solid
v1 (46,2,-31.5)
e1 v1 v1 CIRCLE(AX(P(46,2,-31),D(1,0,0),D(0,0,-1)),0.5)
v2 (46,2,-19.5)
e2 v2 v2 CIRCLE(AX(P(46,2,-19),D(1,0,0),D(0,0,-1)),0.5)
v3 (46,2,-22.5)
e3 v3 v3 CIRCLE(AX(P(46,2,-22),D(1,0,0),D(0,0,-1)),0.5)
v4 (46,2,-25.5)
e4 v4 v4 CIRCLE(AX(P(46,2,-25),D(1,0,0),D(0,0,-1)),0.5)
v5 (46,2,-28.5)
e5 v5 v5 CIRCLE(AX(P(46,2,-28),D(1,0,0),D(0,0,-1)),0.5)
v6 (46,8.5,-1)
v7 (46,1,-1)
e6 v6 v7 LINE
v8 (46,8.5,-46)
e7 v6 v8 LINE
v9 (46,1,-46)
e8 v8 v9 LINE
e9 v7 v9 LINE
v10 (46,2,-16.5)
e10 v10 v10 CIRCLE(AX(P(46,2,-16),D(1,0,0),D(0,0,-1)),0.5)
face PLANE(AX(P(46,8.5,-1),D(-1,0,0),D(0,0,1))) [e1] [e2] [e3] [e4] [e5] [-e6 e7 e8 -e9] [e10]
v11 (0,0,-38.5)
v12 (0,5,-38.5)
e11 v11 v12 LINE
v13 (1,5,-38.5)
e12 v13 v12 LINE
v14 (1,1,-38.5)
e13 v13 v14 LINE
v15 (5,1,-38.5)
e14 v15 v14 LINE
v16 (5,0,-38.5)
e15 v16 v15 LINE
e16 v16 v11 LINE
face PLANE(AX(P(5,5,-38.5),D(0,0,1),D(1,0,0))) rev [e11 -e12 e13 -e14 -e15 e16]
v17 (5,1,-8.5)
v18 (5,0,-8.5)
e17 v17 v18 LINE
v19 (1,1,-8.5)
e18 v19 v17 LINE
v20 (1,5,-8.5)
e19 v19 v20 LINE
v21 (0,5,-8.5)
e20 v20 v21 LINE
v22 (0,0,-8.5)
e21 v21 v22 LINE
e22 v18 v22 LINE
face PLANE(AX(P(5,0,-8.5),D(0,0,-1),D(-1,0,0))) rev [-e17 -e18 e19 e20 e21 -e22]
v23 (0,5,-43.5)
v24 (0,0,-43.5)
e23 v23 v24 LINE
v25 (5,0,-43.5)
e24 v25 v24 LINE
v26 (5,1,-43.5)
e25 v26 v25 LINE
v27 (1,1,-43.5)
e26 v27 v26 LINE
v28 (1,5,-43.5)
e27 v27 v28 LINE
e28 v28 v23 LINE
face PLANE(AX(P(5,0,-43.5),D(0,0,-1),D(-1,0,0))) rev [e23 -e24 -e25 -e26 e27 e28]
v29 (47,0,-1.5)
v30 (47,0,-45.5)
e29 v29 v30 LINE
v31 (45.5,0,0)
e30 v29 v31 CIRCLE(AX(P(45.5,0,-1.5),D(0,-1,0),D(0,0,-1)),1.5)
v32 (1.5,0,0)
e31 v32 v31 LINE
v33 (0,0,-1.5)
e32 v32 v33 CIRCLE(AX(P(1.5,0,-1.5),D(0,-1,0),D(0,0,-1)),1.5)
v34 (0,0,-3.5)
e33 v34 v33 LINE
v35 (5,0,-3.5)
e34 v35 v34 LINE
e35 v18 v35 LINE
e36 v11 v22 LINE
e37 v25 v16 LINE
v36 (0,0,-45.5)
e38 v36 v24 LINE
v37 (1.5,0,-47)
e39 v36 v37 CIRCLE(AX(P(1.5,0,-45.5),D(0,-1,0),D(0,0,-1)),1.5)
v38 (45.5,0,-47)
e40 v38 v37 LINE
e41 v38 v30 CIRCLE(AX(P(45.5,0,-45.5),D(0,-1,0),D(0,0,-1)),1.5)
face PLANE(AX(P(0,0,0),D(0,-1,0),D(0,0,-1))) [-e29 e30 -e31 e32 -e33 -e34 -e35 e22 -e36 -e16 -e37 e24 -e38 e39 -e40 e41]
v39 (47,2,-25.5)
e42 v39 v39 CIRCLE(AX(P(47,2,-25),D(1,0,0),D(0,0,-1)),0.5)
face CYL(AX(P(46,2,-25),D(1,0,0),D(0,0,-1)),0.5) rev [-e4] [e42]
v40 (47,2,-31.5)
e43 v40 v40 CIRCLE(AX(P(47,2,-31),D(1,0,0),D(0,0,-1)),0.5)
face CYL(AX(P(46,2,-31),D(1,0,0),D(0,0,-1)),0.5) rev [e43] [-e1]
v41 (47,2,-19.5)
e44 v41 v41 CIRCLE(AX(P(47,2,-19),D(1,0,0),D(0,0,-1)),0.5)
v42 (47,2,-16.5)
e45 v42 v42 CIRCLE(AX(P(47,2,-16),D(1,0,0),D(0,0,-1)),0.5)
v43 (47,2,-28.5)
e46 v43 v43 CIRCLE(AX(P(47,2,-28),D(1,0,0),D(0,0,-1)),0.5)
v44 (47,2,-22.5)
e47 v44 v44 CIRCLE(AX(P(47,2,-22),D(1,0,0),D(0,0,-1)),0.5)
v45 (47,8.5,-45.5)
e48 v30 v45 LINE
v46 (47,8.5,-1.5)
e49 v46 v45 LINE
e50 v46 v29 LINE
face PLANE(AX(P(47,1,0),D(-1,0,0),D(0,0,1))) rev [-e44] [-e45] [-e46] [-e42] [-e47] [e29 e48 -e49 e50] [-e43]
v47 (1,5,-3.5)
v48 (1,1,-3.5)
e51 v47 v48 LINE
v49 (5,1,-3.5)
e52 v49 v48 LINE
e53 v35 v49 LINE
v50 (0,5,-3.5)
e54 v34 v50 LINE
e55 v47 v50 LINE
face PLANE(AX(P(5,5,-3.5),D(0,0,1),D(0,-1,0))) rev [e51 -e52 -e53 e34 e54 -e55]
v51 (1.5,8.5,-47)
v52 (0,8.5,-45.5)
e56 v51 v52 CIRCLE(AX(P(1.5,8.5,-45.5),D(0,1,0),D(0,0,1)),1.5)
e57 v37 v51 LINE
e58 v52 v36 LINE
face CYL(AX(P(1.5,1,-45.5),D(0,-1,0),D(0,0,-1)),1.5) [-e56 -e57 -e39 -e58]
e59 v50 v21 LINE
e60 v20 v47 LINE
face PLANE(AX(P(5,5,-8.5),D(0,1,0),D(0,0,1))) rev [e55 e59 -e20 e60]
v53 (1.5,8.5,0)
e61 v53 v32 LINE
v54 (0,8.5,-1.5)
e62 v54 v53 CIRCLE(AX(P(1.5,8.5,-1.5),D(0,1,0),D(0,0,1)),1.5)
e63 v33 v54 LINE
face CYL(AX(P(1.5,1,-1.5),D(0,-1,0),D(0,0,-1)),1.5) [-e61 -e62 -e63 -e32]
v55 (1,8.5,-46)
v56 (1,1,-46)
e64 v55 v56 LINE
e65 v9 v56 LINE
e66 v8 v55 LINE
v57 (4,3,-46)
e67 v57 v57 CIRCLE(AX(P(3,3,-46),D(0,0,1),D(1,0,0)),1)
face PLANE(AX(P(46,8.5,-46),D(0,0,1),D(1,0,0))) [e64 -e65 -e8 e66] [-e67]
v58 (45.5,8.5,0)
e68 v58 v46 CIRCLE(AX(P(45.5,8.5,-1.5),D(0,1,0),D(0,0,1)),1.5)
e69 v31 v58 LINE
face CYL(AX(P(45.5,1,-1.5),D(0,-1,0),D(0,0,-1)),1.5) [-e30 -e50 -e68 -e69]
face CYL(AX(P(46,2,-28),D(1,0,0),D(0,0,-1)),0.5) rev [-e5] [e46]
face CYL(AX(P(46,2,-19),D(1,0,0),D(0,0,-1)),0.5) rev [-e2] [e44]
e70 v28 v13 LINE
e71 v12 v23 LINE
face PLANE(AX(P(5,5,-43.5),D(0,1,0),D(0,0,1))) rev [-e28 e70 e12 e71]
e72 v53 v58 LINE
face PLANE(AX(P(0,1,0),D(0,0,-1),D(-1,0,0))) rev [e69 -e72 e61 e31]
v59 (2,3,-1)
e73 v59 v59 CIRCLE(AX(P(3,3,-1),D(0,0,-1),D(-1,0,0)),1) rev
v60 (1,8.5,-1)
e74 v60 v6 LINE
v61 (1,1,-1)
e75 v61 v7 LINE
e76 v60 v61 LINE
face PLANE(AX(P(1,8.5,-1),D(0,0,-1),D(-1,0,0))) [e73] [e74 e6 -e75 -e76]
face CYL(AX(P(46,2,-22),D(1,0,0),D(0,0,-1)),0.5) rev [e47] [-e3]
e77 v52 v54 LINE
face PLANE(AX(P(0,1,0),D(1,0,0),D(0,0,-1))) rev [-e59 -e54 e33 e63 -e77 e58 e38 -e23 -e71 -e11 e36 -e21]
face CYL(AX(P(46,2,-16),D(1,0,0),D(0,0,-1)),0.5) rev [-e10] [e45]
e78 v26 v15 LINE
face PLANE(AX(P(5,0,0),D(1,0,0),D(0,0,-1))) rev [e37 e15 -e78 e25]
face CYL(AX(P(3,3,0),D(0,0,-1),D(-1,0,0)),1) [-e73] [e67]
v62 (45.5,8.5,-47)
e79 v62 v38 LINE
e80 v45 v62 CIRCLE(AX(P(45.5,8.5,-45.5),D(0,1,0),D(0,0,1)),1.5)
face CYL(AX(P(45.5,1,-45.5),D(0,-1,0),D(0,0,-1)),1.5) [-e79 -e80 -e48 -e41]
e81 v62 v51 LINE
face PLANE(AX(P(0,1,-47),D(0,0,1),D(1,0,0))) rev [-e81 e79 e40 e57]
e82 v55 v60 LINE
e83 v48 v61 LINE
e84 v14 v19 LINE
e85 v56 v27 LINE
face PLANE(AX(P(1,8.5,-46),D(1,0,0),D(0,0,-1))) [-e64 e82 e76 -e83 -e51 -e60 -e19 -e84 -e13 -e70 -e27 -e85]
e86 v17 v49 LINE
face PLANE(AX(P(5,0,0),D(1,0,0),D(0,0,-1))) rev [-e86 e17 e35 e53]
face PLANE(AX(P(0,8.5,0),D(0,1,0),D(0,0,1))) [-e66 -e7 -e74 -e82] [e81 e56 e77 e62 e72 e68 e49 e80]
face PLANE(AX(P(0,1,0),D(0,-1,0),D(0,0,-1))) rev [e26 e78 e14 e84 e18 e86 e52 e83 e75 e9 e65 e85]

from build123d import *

# Parameters (mm, degrees)
SKETCH1_W           = 47
SKETCH1_H           = 47
BOSS_EXTRUDE1_DEPTH = 1
SKETCH2_W           = 47
SKETCH2_H           = 47
SKETCH2_W_2         = 45
SKETCH2_H_2         = 45
BOSS_EXTRUDE2_DEPTH = 7.5
SKETCH4_R           = 0.5
CUT_EXTRUDE3_DEPTH  = 1
LPATTERN1_COUNT     = 6
LPATTERN1_PITCH     = 3
FILLET1_R           = 1.5
SKETCH8_W           = 5
SKETCH8_H           = 5
CUT_EXTRUDE4_DEPTH  = 5
BOSS_EXTRUDE3_REACH = 68.312
SKETCH9_R           = 1


with BuildPart() as part:
    # Sketch1 → Boss-Extrude1 (new body)
    with BuildSketch(Plane(origin=(0, 0, 0), x_dir=(1, 0, 0), z_dir=(0, 1, 0))):
        with Locations((23.5, 23.5)):
            Rectangle(SKETCH1_W, SKETCH1_H)
    extrude(amount=BOSS_EXTRUDE1_DEPTH)

    # Sketch2 → Boss-Extrude2 (add)
    with BuildSketch(Plane(origin=(0, 1, 0), x_dir=(1, 0, 0), z_dir=(0, 1, 0))):
        with Locations((23.5, 23.5)):
            Rectangle(SKETCH2_W, SKETCH2_H)
        with Locations((23.5, 23.5)):
            Rectangle(SKETCH2_W_2, SKETCH2_H_2, mode=Mode.SUBTRACT)
    extrude(amount=BOSS_EXTRUDE2_DEPTH)

    # Sketch4 → Cut-Extrude3 (cut)
    with BuildSketch(Plane(origin=(47, 0, 0), x_dir=(0, 0, -1), z_dir=(1, 0, 0))):
        with Locations((16, 2)):
            Circle(SKETCH4_R)
    cut_extrude3 = extrude(amount=-CUT_EXTRUDE3_DEPTH, mode=Mode.SUBTRACT)

    # LPattern1: Cut-Extrude3 ×6
    with Locations(*[(0, 0, -i * LPATTERN1_PITCH) for i in range(1, LPATTERN1_COUNT)]):
        add(cut_extrude3, mode=Mode.SUBTRACT)

    # Fillet1
    fillet1_edges = [part.edges().sort_by_distance(p)[0] for p in [
        (0, 4.25, -47),
        (47, 4.25, -47),
        (47, 4.25, 0),
        (0, 4.25, 0),
    ]]
    fillet(fillet1_edges, radius=FILLET1_R)

    # Sketch8 → Cut-Extrude4 (cut)
    with BuildSketch(Plane.ZY):
        with Locations((-41, 2.5)):
            Rectangle(SKETCH8_W, SKETCH8_H)
        with Locations((-6, 2.5)):
            Rectangle(SKETCH8_W, SKETCH8_H)
    extrude(amount=-CUT_EXTRUDE4_DEPTH, mode=Mode.SUBTRACT)

    # Sketch9 → Boss-Extrude3 (add, up to next)
    with BuildSketch(Plane.XY.offset(-46), mode=Mode.PRIVATE) as boss_extrude3_sk1:
        with Locations(Location((3, 3, 0), (0, 0, 180))):
            Circle(SKETCH9_R)
    boss_extrude3_tool1 = extrude(boss_extrude3_sk1.sketch, amount=BOSS_EXTRUDE3_REACH, mode=Mode.PRIVATE) - part.part
    add(boss_extrude3_tool1.solids().sort_by_distance((3, 3, -46))[0])


solid = part.part
